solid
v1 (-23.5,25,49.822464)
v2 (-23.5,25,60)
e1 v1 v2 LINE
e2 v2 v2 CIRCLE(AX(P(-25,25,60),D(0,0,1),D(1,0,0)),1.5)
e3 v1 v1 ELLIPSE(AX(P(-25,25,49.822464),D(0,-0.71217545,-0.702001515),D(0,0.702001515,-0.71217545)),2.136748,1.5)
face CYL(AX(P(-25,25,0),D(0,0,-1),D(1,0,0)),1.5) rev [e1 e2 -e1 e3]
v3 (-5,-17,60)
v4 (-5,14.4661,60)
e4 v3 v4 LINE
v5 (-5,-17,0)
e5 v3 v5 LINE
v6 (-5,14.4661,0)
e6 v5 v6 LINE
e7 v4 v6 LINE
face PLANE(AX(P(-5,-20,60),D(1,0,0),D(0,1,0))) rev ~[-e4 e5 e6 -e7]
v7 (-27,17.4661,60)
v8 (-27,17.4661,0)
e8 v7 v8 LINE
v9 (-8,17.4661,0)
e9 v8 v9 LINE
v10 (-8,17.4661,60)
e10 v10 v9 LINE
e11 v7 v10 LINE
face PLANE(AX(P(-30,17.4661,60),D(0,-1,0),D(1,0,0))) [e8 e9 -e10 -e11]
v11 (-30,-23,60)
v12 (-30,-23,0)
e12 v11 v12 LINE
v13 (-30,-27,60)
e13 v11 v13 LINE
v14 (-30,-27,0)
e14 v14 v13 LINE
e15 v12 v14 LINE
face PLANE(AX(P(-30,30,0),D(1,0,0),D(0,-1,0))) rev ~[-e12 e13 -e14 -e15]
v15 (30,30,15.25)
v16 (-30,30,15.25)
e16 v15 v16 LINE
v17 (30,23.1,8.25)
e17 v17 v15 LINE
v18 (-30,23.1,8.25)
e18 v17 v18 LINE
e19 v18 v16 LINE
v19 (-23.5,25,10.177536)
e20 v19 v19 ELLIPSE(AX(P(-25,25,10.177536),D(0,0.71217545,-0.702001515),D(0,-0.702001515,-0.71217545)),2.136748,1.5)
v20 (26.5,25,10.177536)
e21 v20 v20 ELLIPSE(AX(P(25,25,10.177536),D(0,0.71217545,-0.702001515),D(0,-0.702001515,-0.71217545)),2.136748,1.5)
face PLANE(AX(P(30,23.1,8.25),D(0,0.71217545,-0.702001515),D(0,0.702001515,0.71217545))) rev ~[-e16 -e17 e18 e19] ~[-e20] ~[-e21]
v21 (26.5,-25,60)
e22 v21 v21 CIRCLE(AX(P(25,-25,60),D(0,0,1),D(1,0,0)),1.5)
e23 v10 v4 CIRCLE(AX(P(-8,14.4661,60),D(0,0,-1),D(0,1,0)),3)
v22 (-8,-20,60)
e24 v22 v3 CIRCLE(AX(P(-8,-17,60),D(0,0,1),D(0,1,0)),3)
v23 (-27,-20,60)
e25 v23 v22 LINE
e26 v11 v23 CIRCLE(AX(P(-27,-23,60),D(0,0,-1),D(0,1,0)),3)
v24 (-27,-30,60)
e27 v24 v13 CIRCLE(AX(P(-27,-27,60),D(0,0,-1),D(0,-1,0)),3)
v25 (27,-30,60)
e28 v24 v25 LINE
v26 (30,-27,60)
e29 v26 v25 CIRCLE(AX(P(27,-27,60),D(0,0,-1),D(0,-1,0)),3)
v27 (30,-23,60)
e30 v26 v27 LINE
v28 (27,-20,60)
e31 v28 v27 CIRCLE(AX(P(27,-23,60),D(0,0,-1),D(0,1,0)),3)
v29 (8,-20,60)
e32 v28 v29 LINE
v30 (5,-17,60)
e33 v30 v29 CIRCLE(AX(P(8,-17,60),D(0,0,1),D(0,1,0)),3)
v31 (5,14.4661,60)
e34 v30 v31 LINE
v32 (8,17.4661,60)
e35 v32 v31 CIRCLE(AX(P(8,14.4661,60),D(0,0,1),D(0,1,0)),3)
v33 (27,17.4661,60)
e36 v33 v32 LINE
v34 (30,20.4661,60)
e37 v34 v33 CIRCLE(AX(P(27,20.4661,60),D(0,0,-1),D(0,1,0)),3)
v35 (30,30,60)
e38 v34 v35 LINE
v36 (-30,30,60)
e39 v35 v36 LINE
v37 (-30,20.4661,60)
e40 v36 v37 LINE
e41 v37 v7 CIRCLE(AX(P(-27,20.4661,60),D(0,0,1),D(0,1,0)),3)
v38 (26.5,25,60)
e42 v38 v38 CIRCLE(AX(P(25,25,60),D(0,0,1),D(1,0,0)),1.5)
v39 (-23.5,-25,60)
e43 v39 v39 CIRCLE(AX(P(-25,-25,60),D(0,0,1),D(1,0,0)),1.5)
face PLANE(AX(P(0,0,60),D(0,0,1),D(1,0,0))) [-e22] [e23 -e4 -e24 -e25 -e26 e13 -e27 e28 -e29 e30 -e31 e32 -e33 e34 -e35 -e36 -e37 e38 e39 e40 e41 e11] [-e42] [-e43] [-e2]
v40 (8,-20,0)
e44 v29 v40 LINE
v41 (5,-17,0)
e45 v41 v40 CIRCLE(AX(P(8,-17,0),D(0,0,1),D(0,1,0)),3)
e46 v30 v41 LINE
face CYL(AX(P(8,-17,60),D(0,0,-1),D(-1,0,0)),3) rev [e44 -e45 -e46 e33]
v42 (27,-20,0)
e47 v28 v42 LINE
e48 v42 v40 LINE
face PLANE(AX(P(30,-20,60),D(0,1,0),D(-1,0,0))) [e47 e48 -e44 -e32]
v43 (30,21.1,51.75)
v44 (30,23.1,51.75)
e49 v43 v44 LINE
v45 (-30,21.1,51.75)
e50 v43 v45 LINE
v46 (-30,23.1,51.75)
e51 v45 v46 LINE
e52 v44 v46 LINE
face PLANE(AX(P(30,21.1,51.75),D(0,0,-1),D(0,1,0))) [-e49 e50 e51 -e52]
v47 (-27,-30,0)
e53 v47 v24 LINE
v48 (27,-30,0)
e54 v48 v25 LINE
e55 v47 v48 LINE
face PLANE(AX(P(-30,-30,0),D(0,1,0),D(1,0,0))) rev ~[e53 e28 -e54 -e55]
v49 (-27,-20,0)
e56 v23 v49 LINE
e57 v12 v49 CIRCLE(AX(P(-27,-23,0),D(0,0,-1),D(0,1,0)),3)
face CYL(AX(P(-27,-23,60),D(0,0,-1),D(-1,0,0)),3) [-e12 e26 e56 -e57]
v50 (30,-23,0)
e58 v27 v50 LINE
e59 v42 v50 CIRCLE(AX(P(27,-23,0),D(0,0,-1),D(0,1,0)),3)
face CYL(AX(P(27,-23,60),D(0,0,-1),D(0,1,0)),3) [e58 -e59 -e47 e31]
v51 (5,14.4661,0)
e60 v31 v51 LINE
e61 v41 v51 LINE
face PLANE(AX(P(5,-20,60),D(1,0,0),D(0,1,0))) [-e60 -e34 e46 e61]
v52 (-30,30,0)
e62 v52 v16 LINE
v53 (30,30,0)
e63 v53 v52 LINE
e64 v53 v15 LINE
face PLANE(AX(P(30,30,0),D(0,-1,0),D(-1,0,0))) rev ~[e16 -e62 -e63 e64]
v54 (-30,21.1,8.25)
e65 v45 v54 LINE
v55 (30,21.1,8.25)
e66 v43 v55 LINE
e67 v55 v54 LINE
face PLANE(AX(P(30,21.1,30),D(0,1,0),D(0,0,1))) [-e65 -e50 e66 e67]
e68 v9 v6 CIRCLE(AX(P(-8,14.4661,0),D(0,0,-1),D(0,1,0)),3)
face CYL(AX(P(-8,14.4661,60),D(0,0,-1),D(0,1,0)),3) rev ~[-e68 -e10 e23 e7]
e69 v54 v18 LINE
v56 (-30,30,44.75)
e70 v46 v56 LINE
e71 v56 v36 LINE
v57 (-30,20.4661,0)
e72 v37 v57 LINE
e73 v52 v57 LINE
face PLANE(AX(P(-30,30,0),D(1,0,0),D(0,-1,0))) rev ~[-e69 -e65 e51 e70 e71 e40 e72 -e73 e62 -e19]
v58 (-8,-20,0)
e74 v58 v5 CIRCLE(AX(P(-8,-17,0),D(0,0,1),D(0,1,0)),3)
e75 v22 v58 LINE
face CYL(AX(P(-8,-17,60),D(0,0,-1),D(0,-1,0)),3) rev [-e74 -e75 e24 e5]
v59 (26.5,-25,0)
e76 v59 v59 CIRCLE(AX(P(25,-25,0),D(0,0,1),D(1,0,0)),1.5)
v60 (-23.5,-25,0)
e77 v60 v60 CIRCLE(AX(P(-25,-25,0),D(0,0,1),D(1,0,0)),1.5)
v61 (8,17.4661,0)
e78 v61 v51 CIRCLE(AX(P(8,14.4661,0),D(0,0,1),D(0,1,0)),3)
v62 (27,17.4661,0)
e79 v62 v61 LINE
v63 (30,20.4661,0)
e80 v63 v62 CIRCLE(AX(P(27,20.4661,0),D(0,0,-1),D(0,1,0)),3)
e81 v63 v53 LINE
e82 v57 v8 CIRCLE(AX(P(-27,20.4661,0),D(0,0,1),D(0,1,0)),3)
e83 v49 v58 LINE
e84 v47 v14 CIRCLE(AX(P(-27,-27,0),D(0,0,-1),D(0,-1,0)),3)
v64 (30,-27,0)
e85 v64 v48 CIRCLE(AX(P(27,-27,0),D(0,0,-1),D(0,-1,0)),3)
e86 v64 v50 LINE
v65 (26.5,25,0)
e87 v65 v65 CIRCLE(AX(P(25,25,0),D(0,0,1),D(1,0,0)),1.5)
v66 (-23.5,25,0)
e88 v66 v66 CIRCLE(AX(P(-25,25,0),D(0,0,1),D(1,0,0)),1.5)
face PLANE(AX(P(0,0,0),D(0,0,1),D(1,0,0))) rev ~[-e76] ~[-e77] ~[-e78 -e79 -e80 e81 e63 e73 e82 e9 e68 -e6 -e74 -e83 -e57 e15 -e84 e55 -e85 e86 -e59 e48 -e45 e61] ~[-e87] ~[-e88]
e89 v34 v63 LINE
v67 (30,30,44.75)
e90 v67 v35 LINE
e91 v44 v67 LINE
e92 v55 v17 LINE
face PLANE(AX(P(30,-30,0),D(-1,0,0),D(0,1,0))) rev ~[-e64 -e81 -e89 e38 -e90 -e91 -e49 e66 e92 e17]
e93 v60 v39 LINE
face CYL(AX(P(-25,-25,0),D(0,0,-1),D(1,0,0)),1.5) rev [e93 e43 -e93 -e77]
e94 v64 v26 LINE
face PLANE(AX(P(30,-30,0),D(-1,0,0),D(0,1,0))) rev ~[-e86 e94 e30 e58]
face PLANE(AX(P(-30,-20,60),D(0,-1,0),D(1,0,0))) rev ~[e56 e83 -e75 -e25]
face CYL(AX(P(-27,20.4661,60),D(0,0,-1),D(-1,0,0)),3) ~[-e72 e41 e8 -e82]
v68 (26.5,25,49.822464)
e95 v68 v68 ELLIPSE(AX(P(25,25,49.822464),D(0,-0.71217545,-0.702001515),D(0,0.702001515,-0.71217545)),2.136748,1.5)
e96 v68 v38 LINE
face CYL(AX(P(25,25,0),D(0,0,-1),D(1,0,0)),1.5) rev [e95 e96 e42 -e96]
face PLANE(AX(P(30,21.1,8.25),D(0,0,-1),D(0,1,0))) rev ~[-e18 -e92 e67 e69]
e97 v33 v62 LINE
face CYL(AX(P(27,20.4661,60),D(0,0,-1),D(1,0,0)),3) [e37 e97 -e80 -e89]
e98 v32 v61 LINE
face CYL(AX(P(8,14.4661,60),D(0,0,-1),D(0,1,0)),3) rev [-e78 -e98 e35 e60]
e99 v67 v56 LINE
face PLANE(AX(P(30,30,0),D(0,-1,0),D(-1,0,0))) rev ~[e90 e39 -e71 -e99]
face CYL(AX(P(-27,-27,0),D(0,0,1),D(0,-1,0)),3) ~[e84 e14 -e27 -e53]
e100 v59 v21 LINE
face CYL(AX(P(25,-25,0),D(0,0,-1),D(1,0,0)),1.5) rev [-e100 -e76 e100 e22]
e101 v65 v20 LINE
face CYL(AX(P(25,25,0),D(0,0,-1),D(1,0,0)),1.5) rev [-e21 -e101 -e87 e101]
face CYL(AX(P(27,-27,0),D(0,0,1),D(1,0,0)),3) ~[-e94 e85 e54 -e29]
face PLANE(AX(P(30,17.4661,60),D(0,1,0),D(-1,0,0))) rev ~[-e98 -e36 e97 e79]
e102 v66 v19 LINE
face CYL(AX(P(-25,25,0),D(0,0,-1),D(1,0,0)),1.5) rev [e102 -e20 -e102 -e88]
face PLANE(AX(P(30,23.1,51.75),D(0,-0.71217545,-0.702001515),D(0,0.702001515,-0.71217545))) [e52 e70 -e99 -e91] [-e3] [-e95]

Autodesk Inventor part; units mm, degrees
ref_plane "YZ Plane" through (0, 0, 0) normal (1, 0, 0) x (0, 1, 0)
ref_plane "XZ Plane" through (0, 0, 0) normal (0, 1, 0) x (-1, 0, 0)
ref_plane "XY Plane" through (0, 0, 0) normal (0, 0, 1) x (1, 0, 0)
sketch "Sketch1" plane through (0, 0, 0) normal (0, 0, 1) x (1, 0, 0)
  line L0 (-30, -30) -> (30, -30)
  line L1 (30, -30) -> (30, 30)
  line L2 (30, 30) -> (-30, 30)
  line L3 (-30, 30) -> (-30, -30)
  line L4 (-30, -30) -> (30, 30) construction
  line L5 (30, -30) -> (-30, 30) construction
  line L6 (30, 30) -> (25, 30) construction
  line L7 (25, 30) -> (25, 25) construction
  line L8 (-30, 30) -> (-25, 30) construction
  line L9 (-25, 30) -> (-25, 25) construction
  line L10 (-30, -30) -> (-30, -25) construction
  line L11 (-30, -25) -> (-25, -25) construction
  line L12 (30, -30) -> (30, -25) construction
  line L13 (30, -25) -> (25, -25) construction
  circle A0 centre (-25, 25) radius 1.5
  circle A1 centre (25, 25) radius 1.5
  circle A2 centre (25, -25) radius 1.5
  circle A3 centre (-25, -25) radius 1.5
  point P0 (0, 0)
  dimension "d0" = 60
  dimension "d1" = 60
  dimension "d2" = 5
  dimension "d3" = 5
  dimension "d4" = 5
  dimension "d5" = 5
  dimension "d6" = 5
  dimension "d7" = 5
  dimension "d8" = 5
  dimension "d9" = 5
  dimension "d10" = 3
  dimension "d11" = 3
  dimension "d12" = 3
  dimension "d13" = 3
extrude "Block" add sketch "Sketch1" along normal blind 60
sketch "Sketch2" plane through (30, -30, 0) normal (1, 0, 0) x (0, 0, -1)
  line L0 (0, 60) -> (-60, 60) projected
  line L1 (-30, 60) -> (-15.25, 60)
  line L2 (-30, 60) -> (-44.75, 60)
  line L3 (-30, 60) -> (-30, 51.1) construction
  line L4 (-30, 51.1) -> (-8.25, 51.1)
  line L5 (-30, 51.1) -> (-51.75, 51.1)
  line L6 (-51.75, 51.1) -> (-51.75, 53.1)
  line L7 (-8.25, 51.1) -> (-8.25, 53.1)
  line L8 (-8.25, 53.1) -> (-15.25, 60)
  line L9 (-51.75, 53.1) -> (-44.75, 60)
  point P0 (0, 30)
  dimension "d17" = 14.75
  dimension "d18" = 14.75
  dimension "d19" = 8.9
  dimension "d20" = 21.75
  dimension "d21" = 21.75
  dimension "d22" = 2
  dimension "d23" = 2
extrude "Tripod Slot" cut sketch "Sketch2" against normal blind 60
sketch "Sketch3" plane through (0, 0, 60) normal (0, 0, 1) x (1, 0, 0)
  circle A0 centre (-25, -25) radius 1.5 construction
  line L0 (-25, -25) -> (-25, -20) construction
  line L1 (-25, -25) -> (-20, -25) construction
  line L2 (25.1388, -25) -> (25.1388, -20) construction
  line L3 (25.1388, -25) -> (30.1388, -25) construction
  line L4 (-25, 24.9661) -> (-25, 17.4661) construction
  line L5 (-25, 24.9661) -> (-17.5, 24.9661) construction
  line L6 (25.1388, 24.9661) -> (25.1388, 17.4661) construction
  line L7 (25.1388, 24.9661) -> (32.6388, 24.9661) construction
  line L8 (25.1388, 17.4661) -> (30, 17.4661) construction
  line L9 (30, -30) -> (30, 30) construction
  line L10 (-25, 17.4661) -> (-30, 17.4661) construction
  line L11 (-30, 30) -> (-30, -30) construction
  line L12 (-25, -20) -> (-30, -20) construction
  line L13 (25.1388, -20) -> (30, -20) construction
  line L14 (30, 17.4661) -> (5, 17.4661)
  line L15 (30, -20) -> (5, -20)
  line L16 (5, -20) -> (5, 17.4661)
  line L17 (-30, 17.4661) -> (-5, 17.4661)
  line L18 (-30, -20) -> (-5, -20)
  line L19 (-5, -20) -> (-5, 17.4661)
  line L20 (-30, 17.4661) -> (-30, -20)
  line L21 (30, 17.4661) -> (30, -20)
  point P0 (0, 0)
  dimension "d26" = 5
  dimension "d27" = 90
  dimension "d28" = 5
  dimension "d29" = 90
  dimension "d30" = 7.5
  dimension "d31" = 90
  dimension "d32" = 7.5
  dimension "d33" = 90
  dimension "d34" = 25
  dimension "d35" = 25
  dimension "d36" = 25
  dimension "d37" = 25
  dimension "d38" = 90
  dimension "d39" = 90
  dimension "d40" = 4.8612
  dimension "d41" = 4.8612
  dimension "d42" = 55
extrude "Plastic Thinning" cut sketch "Sketch3" against normal blind 60
fillet "Strength" radius 3 10 edges at (30, -20, 30) (5, 17.4661, 30) (-5, 17.4661, 30) (-5, -20, 30) (5, -20, 30) (30, -30, 30) (-30, -30, 30) (-30, -20, 30) (-30, 17.4661, 30) (30, 17.4661, 30)
properties part number "60x60CameraMount"
